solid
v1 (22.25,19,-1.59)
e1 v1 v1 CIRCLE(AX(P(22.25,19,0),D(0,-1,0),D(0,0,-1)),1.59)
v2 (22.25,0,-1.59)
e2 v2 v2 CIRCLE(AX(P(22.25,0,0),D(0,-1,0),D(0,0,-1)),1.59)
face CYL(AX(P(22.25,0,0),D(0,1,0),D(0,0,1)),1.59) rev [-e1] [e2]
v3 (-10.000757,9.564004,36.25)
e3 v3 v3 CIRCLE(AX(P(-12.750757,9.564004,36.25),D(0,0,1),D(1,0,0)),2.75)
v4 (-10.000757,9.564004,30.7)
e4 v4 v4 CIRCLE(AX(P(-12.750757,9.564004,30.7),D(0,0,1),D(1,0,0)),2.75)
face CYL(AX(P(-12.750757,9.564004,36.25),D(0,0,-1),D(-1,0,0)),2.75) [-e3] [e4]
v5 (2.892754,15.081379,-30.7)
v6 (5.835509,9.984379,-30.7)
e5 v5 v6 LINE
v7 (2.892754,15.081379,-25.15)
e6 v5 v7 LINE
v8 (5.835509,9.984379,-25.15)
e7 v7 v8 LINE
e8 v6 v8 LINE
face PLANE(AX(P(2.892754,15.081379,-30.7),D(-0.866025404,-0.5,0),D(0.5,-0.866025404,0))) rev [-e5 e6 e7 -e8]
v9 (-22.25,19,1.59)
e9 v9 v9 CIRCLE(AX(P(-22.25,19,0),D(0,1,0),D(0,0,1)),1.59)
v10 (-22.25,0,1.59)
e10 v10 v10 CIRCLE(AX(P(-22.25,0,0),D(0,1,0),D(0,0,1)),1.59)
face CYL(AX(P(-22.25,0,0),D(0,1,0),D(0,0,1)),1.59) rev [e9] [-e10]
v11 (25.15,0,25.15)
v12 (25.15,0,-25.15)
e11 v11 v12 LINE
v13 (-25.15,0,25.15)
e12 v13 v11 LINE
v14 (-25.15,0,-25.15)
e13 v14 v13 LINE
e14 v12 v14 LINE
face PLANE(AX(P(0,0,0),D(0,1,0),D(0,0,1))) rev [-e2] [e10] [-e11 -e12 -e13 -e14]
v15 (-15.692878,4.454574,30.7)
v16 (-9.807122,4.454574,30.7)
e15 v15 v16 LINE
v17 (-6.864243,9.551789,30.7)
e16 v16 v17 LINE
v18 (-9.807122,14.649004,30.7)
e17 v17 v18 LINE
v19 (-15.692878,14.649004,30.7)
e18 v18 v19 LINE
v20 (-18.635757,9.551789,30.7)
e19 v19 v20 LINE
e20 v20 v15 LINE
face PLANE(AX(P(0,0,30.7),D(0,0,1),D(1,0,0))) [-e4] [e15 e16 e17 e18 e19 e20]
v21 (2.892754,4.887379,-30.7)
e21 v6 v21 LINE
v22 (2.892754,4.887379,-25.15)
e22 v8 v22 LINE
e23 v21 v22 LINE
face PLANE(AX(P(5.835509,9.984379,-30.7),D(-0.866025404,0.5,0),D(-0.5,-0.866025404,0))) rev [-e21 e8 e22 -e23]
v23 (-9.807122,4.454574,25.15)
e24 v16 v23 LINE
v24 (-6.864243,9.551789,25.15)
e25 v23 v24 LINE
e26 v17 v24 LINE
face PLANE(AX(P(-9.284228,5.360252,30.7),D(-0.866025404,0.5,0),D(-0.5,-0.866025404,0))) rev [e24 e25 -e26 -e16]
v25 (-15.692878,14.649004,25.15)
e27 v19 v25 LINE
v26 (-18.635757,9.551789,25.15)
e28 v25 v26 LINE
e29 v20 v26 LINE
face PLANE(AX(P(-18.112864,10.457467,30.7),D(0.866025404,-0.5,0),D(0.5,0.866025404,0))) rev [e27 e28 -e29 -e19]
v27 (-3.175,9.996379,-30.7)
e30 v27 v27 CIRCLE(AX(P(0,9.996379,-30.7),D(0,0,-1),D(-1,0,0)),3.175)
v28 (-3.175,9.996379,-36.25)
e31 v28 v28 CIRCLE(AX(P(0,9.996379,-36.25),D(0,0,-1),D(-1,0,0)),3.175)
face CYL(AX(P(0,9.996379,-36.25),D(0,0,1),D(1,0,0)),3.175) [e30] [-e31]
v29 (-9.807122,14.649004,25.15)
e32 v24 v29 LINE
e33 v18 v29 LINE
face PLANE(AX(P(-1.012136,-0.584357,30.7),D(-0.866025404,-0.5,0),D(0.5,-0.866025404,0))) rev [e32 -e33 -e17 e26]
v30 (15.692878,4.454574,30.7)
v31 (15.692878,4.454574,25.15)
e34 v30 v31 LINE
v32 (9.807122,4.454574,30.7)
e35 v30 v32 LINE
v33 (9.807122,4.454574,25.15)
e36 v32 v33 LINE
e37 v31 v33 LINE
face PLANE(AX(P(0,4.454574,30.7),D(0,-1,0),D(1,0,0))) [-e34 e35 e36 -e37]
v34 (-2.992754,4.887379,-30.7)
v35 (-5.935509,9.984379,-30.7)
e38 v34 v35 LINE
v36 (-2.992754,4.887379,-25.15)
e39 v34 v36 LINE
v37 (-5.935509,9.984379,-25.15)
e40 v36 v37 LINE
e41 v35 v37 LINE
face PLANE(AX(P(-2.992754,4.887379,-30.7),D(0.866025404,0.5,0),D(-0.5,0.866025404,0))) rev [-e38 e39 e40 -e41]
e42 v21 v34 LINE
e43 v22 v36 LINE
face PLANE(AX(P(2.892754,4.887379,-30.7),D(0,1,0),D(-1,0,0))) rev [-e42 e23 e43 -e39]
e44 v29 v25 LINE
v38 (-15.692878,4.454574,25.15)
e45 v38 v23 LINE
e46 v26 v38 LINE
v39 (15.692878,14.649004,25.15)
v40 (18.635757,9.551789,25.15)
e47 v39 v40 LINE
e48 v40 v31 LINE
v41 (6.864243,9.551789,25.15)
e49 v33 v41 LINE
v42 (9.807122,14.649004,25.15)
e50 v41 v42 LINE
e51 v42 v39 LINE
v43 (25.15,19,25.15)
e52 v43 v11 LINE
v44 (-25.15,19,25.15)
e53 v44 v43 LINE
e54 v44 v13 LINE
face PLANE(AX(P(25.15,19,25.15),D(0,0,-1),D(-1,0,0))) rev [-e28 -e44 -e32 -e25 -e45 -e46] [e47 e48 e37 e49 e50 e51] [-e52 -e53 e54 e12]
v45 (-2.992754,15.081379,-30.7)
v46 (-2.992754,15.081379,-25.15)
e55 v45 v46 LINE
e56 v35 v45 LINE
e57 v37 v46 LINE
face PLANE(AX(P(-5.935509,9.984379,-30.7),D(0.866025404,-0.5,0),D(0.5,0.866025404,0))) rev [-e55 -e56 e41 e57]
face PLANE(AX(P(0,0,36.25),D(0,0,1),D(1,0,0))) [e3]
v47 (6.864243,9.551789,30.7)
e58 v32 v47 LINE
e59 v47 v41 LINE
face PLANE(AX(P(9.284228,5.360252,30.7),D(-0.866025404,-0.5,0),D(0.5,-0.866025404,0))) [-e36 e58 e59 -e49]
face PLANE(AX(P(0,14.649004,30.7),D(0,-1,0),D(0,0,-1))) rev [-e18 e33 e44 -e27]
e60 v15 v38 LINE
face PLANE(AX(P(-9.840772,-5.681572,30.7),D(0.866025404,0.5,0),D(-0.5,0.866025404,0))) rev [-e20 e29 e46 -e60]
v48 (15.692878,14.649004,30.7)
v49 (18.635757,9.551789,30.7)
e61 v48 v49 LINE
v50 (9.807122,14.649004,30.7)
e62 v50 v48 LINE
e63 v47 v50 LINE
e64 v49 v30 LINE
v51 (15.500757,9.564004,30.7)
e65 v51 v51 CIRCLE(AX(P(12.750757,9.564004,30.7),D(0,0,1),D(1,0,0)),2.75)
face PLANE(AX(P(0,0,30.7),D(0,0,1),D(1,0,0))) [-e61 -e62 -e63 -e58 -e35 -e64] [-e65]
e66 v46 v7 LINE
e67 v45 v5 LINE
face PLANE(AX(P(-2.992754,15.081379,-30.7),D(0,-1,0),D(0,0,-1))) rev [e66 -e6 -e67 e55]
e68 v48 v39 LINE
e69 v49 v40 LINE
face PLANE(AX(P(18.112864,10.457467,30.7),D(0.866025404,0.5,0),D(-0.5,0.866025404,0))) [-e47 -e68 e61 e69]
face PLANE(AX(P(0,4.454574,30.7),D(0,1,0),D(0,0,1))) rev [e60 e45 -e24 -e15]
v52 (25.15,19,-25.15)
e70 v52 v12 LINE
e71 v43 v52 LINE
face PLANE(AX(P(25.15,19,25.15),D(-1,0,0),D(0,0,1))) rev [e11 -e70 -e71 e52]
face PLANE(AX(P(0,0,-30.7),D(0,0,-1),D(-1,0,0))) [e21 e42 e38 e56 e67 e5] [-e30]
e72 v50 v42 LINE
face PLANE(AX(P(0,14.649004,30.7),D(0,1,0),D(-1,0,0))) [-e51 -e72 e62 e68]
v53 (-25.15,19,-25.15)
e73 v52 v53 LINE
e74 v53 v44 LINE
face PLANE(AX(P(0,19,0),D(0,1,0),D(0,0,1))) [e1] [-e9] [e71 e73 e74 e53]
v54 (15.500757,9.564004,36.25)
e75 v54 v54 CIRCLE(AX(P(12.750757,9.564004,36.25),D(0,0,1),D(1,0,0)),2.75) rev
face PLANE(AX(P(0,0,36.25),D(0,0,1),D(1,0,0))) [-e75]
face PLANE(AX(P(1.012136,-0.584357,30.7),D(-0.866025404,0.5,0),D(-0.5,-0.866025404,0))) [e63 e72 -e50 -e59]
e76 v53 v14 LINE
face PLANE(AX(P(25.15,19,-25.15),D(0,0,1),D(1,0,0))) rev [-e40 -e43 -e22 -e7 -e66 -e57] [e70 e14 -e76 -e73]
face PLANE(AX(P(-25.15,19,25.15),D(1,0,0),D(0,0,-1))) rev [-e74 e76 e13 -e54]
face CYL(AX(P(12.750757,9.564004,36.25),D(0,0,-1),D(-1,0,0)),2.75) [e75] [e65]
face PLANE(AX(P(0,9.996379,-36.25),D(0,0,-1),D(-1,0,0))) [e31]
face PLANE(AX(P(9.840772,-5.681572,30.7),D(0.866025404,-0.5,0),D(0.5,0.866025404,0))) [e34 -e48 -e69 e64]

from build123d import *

# Parameters (mm, degrees)
SKETCH1_W           = 50.3
SKETCH1_H           = 50.3
BOSS_EXTRUDE1_DEPTH = 19
BOSS_EXTRUDE2_DEPTH = 5.55
BOSS_EXTRUDE3_DEPTH = 5.55
SKETCH5_R           = 3.175
BOSS_EXTRUDE4_DEPTH = 5.55
SKETCH7_R           = 2.75
BOSS_EXTRUDE5_DEPTH = 5.55
SKETCH8_R           = 1.59
CUT_EXTRUDE1_DEPTH  = 20


with BuildPart() as part:
    # Sketch1 → Boss-Extrude1 (new body)
    with BuildSketch(Plane(origin=(0, 0, 0), x_dir=(1, 0, 0), z_dir=(0, 1, 0))):
        Rectangle(SKETCH1_W, SKETCH1_H)
    extrude(amount=BOSS_EXTRUDE1_DEPTH)

    # Sketch2 → Boss-Extrude2 (add)
    with BuildSketch(Plane.XY.offset(25.15)):
        Polygon((-15.692878403, 14.649004006), (-18.635756806, 9.551789092), (-15.692878403, 4.454574178), (-9.807121597, 4.454574178), (-6.864243194, 9.551789092), (-9.807121597, 14.649004006), align=None)
        Polygon((18.635756806, 9.551789092), (15.692878403, 4.454574178), (9.807121597, 4.454574178), (6.864243194, 9.551789092), (9.807121597, 14.649004006), (15.692878403, 14.649004006), align=None)
    extrude(amount=BOSS_EXTRUDE2_DEPTH)

    # Sketch4 → Boss-Extrude3 (add)
    with BuildSketch(Plane(origin=(0, 0, -25.15), x_dir=(-1, 0, 0), z_dir=(0, 0, -1))):
        Polygon((-5.835508644, 9.984378867), (-2.892754322, 4.887378867), (2.992754322, 4.887378867), (5.935508644, 9.984378867), (2.992754322, 15.081378867), (-2.892754322, 15.081378867), align=None)
    extrude(amount=BOSS_EXTRUDE3_DEPTH)

    # Sketch5 → Boss-Extrude4 (add)
    with BuildSketch(Plane(origin=(0, 0, -30.7), x_dir=(-1, 0, 0), z_dir=(0, 0, -1))):
        with Locations((0, 9.996378867)):
            Circle(SKETCH5_R)
    extrude(amount=BOSS_EXTRUDE4_DEPTH)

    # Sketch7 → Boss-Extrude5 (add)
    with BuildSketch(Plane.XY.offset(30.7)):
        with Locations((-12.750756806, 9.564004006)):
            Circle(SKETCH7_R)
        with Locations((12.750756806, 9.564004006)):
            Circle(SKETCH7_R)
    extrude(amount=BOSS_EXTRUDE5_DEPTH)

    # Sketch8 → Cut-Extrude1 (cut, through all)
    with BuildSketch(Plane(origin=(0, 19, 0), x_dir=(1, 0, 0), z_dir=(0, 1, 0))):
        with Locations((-22.25, 0)):
            Circle(SKETCH8_R)
        with Locations((22.25, 0)):
            Circle(SKETCH8_R)
    extrude(amount=-CUT_EXTRUDE1_DEPTH, mode=Mode.SUBTRACT)


solid = part.part
